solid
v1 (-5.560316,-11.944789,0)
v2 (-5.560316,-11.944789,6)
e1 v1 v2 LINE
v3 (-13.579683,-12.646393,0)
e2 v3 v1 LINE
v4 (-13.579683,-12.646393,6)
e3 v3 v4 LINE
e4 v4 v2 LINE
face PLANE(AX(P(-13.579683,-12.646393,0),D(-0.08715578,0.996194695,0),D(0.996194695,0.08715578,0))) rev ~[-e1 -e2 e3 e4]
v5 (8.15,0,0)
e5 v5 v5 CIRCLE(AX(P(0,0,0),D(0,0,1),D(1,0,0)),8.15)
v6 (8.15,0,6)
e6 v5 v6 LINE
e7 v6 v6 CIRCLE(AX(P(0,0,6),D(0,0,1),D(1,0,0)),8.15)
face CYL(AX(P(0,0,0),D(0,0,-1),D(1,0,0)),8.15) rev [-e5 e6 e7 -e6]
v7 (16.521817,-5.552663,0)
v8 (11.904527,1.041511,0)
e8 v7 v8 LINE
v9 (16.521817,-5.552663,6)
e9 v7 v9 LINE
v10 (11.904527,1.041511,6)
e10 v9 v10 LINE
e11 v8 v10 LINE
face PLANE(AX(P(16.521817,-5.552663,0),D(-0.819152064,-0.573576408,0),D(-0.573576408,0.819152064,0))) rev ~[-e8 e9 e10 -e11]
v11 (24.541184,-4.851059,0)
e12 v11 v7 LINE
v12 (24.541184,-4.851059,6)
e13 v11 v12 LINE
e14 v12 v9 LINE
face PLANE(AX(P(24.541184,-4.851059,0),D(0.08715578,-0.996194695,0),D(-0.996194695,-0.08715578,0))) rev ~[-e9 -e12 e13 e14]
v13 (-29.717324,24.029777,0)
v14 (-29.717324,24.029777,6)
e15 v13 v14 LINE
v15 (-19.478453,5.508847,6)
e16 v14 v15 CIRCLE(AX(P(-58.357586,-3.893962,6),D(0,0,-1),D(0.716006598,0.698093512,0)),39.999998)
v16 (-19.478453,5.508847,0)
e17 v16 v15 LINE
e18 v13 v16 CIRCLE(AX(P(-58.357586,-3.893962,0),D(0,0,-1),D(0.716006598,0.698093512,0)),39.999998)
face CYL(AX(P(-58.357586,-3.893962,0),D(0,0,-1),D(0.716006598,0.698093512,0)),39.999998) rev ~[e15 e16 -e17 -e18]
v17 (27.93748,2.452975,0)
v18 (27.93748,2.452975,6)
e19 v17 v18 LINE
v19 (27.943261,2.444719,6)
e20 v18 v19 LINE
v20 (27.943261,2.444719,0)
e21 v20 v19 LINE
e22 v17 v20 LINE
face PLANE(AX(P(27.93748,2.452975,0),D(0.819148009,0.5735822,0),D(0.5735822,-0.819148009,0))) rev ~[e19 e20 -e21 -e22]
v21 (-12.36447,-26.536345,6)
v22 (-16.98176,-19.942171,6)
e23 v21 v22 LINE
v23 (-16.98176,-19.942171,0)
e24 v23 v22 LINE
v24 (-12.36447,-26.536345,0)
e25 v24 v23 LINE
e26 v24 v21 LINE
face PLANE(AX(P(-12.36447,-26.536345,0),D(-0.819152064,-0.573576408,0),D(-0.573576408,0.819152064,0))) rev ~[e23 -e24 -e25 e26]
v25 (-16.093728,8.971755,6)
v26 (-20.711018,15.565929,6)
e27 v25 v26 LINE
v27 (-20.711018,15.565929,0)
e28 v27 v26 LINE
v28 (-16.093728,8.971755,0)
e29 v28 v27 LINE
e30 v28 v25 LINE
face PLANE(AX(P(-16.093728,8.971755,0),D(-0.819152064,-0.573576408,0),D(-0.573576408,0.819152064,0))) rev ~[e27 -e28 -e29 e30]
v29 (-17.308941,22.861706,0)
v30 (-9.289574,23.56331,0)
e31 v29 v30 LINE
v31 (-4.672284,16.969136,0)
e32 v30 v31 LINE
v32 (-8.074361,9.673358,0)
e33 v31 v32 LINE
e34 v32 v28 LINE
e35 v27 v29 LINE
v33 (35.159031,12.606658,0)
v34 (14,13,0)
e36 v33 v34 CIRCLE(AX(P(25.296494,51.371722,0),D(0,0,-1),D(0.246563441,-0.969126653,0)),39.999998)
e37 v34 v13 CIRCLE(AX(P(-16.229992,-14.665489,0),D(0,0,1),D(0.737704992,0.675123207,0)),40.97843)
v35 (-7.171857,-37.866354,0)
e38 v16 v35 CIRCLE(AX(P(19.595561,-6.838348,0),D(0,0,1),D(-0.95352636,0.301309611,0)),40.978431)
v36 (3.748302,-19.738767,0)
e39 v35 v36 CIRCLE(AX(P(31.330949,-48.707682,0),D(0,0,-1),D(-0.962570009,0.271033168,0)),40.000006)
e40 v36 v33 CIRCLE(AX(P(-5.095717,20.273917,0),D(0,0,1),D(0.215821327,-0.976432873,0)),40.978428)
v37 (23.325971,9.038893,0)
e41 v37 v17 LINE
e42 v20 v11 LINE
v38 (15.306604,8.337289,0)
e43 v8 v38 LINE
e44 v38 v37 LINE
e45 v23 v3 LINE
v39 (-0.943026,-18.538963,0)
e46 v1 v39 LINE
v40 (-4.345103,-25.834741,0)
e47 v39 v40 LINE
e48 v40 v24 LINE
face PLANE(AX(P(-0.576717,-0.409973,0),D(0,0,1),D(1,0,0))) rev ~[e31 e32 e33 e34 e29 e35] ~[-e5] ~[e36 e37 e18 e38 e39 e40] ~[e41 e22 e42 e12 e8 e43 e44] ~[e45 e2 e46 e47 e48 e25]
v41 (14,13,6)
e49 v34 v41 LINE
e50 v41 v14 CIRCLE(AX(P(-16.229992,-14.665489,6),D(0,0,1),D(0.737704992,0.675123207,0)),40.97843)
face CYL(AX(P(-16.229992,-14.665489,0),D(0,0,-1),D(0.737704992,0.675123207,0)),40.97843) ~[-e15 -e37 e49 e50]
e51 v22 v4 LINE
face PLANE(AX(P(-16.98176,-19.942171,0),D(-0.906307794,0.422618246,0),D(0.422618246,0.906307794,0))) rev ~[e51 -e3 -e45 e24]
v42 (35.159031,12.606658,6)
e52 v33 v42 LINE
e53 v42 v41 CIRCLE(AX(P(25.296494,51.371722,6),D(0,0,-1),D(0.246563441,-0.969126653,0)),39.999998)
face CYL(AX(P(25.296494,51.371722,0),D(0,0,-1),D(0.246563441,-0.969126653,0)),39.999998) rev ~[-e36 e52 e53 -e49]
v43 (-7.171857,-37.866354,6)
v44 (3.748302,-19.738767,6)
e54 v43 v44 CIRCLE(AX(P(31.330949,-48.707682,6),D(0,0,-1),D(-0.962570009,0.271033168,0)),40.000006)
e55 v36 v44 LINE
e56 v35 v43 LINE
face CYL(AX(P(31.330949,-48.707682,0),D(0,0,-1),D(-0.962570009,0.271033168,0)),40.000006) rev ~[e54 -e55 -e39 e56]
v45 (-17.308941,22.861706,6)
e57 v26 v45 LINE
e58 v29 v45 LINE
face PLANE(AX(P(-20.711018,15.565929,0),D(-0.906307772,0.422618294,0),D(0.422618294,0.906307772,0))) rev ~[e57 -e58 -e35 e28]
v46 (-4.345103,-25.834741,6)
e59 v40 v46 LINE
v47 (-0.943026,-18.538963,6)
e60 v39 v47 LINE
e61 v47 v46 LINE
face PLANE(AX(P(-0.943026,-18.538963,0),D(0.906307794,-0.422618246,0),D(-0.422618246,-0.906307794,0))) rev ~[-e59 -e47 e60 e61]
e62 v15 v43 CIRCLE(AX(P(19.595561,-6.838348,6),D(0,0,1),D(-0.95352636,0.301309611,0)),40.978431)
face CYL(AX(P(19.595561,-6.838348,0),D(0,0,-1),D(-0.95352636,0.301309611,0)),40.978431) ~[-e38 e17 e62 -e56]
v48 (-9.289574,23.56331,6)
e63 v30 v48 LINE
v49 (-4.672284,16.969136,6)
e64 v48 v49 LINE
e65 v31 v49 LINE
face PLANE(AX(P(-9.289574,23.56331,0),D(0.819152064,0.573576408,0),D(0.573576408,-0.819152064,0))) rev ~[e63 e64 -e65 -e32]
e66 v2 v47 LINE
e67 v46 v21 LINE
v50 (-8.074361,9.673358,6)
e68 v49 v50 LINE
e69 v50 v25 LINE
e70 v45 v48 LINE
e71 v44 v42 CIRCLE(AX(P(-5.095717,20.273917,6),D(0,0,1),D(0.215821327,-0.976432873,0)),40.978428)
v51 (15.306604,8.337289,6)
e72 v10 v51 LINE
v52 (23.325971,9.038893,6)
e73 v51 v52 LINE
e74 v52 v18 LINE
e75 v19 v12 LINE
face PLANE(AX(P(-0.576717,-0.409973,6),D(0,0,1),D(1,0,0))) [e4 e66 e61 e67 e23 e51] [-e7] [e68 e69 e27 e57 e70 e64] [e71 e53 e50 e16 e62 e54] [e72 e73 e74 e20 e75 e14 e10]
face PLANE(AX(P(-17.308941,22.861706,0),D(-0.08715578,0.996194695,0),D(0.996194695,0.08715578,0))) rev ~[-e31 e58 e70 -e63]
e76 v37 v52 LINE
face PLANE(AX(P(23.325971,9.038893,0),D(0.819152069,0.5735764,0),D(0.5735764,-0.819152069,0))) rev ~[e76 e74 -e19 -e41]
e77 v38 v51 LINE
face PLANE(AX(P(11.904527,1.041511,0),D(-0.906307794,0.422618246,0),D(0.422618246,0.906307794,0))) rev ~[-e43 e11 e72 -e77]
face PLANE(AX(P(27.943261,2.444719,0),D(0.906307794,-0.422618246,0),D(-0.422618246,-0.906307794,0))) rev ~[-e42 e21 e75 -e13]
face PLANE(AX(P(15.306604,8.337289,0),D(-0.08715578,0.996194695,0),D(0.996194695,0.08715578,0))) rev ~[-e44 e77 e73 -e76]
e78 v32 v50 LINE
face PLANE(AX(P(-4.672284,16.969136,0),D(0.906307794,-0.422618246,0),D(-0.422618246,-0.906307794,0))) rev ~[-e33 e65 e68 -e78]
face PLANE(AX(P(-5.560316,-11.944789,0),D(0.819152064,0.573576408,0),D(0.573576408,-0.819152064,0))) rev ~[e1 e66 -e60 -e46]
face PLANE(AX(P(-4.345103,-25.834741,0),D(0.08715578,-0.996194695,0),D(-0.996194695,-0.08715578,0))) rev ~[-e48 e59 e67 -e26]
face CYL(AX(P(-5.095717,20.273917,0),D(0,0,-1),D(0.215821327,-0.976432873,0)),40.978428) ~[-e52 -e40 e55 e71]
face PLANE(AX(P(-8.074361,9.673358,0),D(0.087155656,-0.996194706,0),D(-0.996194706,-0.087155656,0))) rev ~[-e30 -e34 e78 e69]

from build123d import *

# Parameters (mm, degrees)
F0_R     = 8.15
F1_DEPTH = 6


with BuildPart() as f1:
    # F0 (on Top) → F1 (new body)
    with BuildSketch(Plane.XY):
        with BuildLine():
            ThreePointArc((35.159031, 12.606658), (24.553031, 11.378634), (14, 13))
            ThreePointArc((14, 13), (-6.205364, 25.067854), (-29.717324, 24.029777))
            ThreePointArc((-29.717324, 24.029777), (-23.350824, 15.458723), (-19.478453, 5.508847))
            ThreePointArc((-19.478453, 5.508847), (-19.826838, -18.023439), (-7.171857, -37.866354))
            ThreePointArc((-7.171857, -37.866354), (-2.932357, -28.067277), (3.748302, -19.738767))
            ThreePointArc((3.748302, -19.738767), (24.302053, -8.274335), (35.159031, 12.606658))
        make_face()
        Polygon((-5.560316, -11.944789), (-0.943026, -18.538963), (-4.345103, -25.834741), (-12.36447, -26.536345), (-16.98176, -19.942171), (-13.579683, -12.646393), align=None, mode=Mode.SUBTRACT)
        Circle(F0_R, mode=Mode.SUBTRACT)
        Polygon((-8.074361, 9.673358), (-16.093728, 8.971755), (-20.711018, 15.565929), (-17.308941, 22.861706), (-9.289574, 23.56331), (-4.672284, 16.969136), align=None, mode=Mode.SUBTRACT)
        Polygon((16.521817, -5.552663), (11.904527, 1.041511), (15.306604, 8.337289), (23.325971, 9.038893), (27.93748, 2.452975), (27.943261, 2.444719), (24.541184, -4.851059), align=None, mode=Mode.SUBTRACT)
    extrude(amount=F1_DEPTH)


solid = f1.part
